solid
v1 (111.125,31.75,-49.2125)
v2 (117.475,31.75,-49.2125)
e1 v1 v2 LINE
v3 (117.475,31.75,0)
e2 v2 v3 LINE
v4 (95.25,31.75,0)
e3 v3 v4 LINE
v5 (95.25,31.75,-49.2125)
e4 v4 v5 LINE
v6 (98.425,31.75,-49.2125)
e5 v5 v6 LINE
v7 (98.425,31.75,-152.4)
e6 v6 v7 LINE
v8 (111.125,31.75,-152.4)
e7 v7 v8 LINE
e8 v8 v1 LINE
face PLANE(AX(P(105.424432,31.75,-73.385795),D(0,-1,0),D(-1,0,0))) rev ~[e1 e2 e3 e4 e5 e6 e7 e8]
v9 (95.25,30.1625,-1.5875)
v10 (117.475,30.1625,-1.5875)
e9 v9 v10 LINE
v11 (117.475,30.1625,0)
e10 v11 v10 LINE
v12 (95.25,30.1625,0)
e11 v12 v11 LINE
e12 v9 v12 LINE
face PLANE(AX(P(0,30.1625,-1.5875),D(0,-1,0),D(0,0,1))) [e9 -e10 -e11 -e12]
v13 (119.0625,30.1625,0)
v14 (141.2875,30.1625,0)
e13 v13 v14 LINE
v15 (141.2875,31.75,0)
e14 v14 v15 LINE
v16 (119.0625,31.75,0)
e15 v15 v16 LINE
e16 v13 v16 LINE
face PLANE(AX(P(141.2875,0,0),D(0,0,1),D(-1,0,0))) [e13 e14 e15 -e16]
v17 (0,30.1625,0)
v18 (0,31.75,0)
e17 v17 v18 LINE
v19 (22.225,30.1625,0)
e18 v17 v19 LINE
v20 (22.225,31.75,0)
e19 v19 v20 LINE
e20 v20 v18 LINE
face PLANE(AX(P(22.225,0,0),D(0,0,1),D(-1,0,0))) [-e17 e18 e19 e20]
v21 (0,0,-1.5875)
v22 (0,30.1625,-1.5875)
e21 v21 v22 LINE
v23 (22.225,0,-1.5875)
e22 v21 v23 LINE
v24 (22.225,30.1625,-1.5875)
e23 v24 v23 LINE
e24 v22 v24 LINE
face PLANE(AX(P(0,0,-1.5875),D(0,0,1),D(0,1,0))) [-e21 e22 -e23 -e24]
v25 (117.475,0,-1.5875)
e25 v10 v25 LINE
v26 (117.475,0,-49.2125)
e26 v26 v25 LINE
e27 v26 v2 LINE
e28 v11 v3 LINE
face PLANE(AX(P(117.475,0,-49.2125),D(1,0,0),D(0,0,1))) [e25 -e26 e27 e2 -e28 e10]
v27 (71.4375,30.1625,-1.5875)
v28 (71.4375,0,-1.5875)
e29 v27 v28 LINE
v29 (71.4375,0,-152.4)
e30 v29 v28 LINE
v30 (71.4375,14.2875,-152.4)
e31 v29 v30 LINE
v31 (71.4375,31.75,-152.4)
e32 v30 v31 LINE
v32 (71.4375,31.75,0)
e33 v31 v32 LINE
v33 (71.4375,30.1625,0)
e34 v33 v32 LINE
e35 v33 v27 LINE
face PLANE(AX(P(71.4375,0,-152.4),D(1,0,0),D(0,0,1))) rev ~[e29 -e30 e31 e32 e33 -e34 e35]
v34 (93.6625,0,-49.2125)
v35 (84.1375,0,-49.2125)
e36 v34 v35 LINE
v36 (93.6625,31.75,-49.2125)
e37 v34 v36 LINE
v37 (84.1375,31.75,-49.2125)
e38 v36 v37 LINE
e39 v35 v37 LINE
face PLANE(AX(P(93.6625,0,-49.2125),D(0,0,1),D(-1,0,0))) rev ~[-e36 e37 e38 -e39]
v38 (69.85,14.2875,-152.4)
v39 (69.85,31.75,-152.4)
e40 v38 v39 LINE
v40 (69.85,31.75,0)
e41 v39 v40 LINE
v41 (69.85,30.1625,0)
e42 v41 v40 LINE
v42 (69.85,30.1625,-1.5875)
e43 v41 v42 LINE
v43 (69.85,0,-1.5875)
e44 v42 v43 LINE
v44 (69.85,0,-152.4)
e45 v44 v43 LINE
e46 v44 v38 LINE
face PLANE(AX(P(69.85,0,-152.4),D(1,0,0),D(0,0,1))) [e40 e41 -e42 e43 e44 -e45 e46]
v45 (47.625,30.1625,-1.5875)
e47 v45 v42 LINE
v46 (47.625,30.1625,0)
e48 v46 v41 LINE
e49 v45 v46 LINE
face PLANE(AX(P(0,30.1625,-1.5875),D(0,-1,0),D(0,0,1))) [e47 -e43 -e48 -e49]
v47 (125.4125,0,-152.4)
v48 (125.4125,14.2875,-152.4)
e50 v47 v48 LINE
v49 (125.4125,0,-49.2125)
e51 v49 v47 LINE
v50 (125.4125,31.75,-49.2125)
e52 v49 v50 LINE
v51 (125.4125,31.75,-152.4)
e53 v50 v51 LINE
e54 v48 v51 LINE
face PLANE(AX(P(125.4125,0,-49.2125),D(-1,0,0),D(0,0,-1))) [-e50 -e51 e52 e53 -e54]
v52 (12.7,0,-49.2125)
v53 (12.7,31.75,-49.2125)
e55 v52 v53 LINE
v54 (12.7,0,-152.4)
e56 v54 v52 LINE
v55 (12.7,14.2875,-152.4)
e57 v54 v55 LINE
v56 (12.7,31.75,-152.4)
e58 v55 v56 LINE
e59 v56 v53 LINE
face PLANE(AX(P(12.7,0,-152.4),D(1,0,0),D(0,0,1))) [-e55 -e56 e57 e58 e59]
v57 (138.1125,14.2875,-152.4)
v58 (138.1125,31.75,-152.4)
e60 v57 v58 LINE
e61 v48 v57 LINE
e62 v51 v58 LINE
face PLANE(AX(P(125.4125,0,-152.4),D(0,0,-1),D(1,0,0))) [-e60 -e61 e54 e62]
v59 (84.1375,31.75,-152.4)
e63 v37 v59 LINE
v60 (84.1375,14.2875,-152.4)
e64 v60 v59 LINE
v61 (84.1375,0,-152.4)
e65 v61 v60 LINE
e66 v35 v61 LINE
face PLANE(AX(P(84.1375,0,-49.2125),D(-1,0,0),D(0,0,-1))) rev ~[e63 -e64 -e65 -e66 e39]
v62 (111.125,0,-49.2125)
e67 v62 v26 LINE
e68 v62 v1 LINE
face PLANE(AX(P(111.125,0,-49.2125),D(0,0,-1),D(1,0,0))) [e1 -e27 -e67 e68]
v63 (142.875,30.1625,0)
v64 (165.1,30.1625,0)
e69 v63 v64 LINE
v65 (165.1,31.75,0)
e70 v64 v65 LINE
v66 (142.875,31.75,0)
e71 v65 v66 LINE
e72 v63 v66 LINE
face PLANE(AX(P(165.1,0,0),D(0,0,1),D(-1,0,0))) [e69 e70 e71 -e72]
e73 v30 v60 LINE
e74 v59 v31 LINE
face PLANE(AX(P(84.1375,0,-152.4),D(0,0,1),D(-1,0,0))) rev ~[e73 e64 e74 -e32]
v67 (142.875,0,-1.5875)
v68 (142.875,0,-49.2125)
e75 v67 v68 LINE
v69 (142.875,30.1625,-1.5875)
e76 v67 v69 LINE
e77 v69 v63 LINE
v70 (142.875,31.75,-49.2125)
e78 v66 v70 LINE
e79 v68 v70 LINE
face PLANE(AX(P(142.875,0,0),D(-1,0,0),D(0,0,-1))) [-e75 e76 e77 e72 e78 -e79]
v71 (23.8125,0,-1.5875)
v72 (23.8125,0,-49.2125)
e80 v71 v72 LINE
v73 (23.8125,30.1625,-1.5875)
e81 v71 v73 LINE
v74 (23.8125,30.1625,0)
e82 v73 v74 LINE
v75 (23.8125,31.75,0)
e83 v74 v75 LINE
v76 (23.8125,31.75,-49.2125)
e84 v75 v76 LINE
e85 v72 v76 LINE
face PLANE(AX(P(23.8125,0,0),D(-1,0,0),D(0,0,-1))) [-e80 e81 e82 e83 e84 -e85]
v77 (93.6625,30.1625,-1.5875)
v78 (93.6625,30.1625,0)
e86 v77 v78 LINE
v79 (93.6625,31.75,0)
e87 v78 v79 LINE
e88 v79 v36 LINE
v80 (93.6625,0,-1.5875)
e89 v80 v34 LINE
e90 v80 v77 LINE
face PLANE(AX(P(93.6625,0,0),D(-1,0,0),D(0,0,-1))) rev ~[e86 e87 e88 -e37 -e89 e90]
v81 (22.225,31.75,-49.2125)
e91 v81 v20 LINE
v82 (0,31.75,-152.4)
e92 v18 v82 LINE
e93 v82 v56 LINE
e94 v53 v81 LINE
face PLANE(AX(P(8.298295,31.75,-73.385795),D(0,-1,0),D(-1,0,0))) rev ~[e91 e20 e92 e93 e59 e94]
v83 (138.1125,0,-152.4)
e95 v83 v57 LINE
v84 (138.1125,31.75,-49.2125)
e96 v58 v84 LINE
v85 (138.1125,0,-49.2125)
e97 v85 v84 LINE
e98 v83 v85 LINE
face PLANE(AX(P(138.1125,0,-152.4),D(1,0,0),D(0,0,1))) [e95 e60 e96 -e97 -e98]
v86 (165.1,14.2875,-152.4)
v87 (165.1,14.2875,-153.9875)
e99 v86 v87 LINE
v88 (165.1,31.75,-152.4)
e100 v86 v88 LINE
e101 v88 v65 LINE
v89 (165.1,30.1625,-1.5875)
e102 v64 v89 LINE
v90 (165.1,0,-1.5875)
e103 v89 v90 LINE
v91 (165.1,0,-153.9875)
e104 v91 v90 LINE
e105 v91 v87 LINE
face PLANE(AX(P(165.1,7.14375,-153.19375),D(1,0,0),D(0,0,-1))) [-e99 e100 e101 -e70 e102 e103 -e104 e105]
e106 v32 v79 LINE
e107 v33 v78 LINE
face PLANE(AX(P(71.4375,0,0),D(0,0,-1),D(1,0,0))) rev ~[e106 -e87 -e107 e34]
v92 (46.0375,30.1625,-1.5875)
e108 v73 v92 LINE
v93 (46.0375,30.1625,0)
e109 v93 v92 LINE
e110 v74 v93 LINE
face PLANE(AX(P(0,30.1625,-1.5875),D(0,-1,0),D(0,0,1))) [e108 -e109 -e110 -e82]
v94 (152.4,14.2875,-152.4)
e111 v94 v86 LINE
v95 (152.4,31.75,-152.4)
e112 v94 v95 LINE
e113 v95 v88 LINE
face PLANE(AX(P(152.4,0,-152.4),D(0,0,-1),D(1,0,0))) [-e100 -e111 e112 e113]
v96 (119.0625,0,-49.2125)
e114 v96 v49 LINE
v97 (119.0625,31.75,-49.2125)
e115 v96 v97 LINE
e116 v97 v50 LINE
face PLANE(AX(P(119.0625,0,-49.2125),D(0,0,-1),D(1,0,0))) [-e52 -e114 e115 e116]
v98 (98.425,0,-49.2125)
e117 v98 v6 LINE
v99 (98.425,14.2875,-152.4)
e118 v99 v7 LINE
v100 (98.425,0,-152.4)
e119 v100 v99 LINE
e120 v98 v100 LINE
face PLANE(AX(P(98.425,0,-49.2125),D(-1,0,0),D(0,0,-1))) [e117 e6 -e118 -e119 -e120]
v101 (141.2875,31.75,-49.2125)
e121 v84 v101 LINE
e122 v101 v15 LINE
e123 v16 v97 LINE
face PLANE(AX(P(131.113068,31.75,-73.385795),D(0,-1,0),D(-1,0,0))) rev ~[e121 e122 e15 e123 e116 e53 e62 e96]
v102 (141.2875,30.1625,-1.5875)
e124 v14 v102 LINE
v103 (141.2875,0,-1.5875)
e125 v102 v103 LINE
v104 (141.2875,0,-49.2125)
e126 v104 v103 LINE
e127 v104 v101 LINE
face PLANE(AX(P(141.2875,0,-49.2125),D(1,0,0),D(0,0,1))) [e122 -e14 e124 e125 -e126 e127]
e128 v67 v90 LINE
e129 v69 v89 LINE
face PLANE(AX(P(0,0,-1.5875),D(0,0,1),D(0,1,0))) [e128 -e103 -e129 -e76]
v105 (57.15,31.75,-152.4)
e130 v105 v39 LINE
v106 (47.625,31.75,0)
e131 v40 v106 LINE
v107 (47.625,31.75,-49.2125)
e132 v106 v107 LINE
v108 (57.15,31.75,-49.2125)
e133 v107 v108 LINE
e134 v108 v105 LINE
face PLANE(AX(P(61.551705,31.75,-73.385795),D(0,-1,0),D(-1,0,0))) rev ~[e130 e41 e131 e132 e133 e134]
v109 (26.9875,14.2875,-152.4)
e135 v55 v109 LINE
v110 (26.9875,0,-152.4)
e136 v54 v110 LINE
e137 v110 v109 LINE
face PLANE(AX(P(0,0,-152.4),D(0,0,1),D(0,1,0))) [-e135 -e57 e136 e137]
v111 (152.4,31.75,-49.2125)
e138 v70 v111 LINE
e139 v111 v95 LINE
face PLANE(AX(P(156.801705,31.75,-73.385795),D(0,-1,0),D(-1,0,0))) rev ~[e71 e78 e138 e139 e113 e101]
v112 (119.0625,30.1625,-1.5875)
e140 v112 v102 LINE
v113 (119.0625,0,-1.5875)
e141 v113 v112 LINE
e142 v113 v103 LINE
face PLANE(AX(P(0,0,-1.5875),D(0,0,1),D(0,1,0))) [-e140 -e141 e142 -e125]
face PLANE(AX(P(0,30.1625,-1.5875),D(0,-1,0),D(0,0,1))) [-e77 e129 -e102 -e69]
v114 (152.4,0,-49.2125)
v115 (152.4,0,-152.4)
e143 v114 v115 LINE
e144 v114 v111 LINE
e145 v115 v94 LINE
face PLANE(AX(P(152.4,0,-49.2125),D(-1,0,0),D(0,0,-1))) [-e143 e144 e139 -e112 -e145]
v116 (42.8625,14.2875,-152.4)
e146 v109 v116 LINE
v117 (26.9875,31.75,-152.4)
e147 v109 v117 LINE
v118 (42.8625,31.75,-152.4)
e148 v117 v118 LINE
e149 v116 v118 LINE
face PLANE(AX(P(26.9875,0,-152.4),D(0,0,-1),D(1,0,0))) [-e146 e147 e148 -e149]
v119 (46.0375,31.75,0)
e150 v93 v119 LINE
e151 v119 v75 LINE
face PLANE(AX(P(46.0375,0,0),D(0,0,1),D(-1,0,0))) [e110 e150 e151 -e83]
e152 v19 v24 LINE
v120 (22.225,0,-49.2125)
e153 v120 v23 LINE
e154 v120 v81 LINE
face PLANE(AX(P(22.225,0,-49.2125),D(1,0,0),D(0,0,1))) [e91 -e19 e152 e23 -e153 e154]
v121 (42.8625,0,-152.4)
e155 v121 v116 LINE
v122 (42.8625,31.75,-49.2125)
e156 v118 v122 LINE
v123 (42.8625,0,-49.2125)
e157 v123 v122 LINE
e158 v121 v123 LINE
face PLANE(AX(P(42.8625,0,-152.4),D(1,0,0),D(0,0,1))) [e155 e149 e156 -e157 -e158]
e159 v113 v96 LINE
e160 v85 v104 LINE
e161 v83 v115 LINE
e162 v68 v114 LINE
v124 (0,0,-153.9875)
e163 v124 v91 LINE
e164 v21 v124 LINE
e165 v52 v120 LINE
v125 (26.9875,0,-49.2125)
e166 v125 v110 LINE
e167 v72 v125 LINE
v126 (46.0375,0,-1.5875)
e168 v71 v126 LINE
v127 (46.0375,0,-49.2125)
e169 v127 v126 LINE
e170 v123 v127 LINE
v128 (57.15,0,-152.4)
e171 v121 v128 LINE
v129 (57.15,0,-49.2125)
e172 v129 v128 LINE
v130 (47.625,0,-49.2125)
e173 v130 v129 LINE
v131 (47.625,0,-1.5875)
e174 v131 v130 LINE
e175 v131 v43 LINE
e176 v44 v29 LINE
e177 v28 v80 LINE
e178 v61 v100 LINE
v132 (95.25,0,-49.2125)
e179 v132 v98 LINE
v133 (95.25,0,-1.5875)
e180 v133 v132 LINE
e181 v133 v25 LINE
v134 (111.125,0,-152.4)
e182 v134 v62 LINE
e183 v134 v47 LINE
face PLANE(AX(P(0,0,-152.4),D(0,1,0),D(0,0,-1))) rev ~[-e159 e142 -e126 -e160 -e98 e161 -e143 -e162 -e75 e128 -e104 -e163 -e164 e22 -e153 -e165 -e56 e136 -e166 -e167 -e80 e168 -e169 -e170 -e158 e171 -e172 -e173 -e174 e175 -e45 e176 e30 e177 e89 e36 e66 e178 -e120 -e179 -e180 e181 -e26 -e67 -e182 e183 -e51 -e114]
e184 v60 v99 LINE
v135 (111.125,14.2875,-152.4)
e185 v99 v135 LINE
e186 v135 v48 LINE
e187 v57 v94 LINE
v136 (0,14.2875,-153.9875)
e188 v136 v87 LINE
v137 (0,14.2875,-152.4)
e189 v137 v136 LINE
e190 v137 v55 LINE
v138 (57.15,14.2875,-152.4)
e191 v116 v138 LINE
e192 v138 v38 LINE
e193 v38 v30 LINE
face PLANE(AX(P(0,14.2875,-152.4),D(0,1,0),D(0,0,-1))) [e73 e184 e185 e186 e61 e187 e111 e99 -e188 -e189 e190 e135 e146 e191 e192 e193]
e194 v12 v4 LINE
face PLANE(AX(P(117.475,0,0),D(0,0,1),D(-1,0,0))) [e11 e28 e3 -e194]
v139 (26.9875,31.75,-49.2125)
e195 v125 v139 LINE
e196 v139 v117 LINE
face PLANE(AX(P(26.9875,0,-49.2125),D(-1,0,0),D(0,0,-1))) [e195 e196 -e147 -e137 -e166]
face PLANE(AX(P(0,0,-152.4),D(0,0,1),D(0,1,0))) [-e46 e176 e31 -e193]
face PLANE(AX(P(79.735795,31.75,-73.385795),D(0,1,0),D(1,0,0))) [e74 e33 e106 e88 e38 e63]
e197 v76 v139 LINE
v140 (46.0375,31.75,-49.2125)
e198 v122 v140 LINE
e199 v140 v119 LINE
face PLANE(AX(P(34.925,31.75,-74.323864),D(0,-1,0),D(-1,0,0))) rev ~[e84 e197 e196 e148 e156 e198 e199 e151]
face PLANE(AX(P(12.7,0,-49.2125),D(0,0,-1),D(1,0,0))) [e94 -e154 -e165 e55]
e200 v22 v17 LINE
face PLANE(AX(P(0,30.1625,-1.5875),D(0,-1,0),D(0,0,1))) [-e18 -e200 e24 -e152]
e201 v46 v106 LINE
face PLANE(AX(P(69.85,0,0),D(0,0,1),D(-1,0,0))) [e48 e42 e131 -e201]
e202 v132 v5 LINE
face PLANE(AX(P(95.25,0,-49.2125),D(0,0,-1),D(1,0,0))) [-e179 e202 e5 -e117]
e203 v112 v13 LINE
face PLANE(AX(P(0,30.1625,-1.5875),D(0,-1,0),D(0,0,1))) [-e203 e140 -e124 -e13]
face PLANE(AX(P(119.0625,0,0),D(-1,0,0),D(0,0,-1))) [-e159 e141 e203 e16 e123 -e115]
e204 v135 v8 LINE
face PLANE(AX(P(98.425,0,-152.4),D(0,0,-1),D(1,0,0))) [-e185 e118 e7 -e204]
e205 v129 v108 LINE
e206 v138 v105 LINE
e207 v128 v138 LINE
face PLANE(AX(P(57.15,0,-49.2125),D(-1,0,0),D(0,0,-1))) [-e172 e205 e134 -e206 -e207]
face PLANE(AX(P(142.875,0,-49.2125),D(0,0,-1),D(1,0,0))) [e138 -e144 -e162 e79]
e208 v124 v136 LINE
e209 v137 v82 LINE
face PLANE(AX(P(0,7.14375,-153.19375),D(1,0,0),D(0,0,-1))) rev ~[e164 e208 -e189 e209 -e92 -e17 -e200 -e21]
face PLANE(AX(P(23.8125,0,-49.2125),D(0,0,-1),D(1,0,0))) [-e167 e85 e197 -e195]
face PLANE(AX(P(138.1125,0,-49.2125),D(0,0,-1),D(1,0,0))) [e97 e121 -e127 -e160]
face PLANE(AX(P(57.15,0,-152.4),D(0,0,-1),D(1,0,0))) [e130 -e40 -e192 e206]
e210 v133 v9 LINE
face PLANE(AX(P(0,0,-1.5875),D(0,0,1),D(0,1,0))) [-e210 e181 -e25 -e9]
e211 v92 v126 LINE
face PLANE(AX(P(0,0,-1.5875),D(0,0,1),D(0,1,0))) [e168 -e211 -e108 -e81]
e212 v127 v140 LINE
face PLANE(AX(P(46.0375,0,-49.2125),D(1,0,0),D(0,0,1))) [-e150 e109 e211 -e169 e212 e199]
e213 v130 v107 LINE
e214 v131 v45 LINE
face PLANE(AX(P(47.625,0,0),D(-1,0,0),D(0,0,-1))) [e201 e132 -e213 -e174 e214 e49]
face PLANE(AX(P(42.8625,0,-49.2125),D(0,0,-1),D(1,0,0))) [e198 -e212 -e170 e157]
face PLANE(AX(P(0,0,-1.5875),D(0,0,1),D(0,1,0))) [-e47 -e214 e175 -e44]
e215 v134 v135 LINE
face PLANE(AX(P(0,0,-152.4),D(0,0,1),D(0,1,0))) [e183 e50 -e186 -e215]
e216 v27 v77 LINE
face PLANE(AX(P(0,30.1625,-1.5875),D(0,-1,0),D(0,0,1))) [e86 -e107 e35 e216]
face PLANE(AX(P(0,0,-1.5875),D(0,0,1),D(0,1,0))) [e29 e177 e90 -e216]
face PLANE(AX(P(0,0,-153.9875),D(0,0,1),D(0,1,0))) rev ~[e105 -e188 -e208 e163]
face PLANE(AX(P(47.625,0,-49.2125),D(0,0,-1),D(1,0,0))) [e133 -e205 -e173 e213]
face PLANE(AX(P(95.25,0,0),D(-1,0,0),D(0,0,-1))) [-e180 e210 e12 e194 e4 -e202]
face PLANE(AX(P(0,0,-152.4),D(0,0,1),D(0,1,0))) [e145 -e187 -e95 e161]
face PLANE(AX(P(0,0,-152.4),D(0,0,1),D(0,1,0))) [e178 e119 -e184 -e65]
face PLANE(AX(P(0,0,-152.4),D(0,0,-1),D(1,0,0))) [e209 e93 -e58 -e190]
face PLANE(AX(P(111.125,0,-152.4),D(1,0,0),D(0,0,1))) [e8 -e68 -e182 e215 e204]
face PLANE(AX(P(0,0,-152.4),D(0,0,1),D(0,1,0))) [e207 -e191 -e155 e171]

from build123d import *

# Parameters (mm, degrees)
BOSS_EXTRUDE1_DEPTH   = 31.75
BOSS_EXTRUDE1_2_DEPTH = 31.75
BOSS_EXTRUDE1_3_DEPTH = 31.75
BOSS_EXTRUDE1_4_DEPTH = 31.75
BOSS_EXTRUDE1_5_DEPTH = 31.75
BOSS_EXTRUDE1_6_DEPTH = 31.75
BOSS_EXTRUDE1_7_DEPTH = 31.75
SKETCH2_W             = 1.5875
SKETCH2_H             = 30.1625
CUT_EXTRUDE1_DEPTH    = 166.1
SKETCH4_W             = 1.5875
SKETCH4_H             = 14.2875
BOSS_EXTRUDE2_DEPTH   = 165.1


with BuildPart() as part:
    # Sketch1 → Boss-Extrude1 (new body)
    with BuildSketch(Plane(origin=(0, 0, 0), x_dir=(1, 0, 0), z_dir=(0, 1, 0))):
        Polygon((0, 0), (0, 152.4), (12.7, 152.4), (12.7, 49.2125), (22.225, 49.2125), (22.225, 0), align=None)
    extrude(amount=BOSS_EXTRUDE1_DEPTH)


with BuildPart() as body_2:
    # Sketch1 → Boss-Extrude1 2 (new body)
    with BuildSketch(Plane(origin=(0, 0, 0), x_dir=(1, 0, 0), z_dir=(0, 1, 0))):
        Polygon((23.8125, 49.2125), (26.9875, 49.2125), (26.9875, 152.4), (42.8625, 152.4), (42.8625, 49.2125), (46.0375, 49.2125), (46.0375, 0), (23.8125, 0), align=None)
    extrude(amount=BOSS_EXTRUDE1_2_DEPTH)


with BuildPart() as body_3:
    # Sketch1 → Boss-Extrude1 3 (new body)
    with BuildSketch(Plane(origin=(0, 0, 0), x_dir=(1, 0, 0), z_dir=(0, 1, 0))):
        Polygon((47.625, 49.2125), (57.15, 49.2125), (57.15, 152.4), (69.85, 152.4), (69.85, 0), (47.625, 0), align=None)
    extrude(amount=BOSS_EXTRUDE1_3_DEPTH)


with BuildPart() as body_4:
    # Sketch1 → Boss-Extrude1 4 (new body)
    with BuildSketch(Plane(origin=(0, 0, 0), x_dir=(1, 0, 0), z_dir=(0, 1, 0))):
        Polygon((71.4375, 152.4), (71.4375, 0), (93.6625, 0), (93.6625, 49.2125), (84.1375, 49.2125), (84.1375, 152.4), align=None)
    extrude(amount=BOSS_EXTRUDE1_4_DEPTH)


with BuildPart() as body_5:
    # Sketch1 → Boss-Extrude1 5 (new body)
    with BuildSketch(Plane(origin=(0, 0, 0), x_dir=(1, 0, 0), z_dir=(0, 1, 0))):
        Polygon((95.25, 0), (95.25, 49.2125), (98.425, 49.2125), (98.425, 152.4), (111.125, 152.4), (111.125, 49.2125), (117.475, 49.2125), (117.475, 0), align=None)
    extrude(amount=BOSS_EXTRUDE1_5_DEPTH)


with BuildPart() as body_6:
    # Sketch1 → Boss-Extrude1 6 (new body)
    with BuildSketch(Plane(origin=(0, 0, 0), x_dir=(1, 0, 0), z_dir=(0, 1, 0))):
        Polygon((119.0625, 49.2125), (125.4125, 49.2125), (125.4125, 152.4), (138.1125, 152.4), (138.1125, 49.2125), (141.2875, 49.2125), (141.2875, 0), (119.0625, 0), align=None)
    extrude(amount=BOSS_EXTRUDE1_6_DEPTH)


with BuildPart() as body_7:
    # Sketch1 → Boss-Extrude1 7 (new body)
    with BuildSketch(Plane(origin=(0, 0, 0), x_dir=(1, 0, 0), z_dir=(0, 1, 0))):
        Polygon((142.875, 49.2125), (152.4, 49.2125), (152.4, 152.4), (165.1, 152.4), (165.1, 0), (142.875, 0), align=None)
    extrude(amount=BOSS_EXTRUDE1_7_DEPTH)


with BuildPart() as cut_extrude1_tool:
    # Sketch2 → Cut-Extrude1 (new body, through all)
    with BuildSketch(Plane.ZY):
        with Locations((-0.79375, 15.08125)):
            Rectangle(SKETCH2_W, SKETCH2_H)
    extrude(amount=-CUT_EXTRUDE1_DEPTH)


with BuildPart() as part_1:
    add(part.part)

    # Cut-Extrude1: cut by cut_extrude1_tool
    add(cut_extrude1_tool.part, mode=Mode.SUBTRACT)



with BuildPart() as body_2_1:
    add(body_2.part)

    # Cut-Extrude1: cut by cut_extrude1_tool
    add(cut_extrude1_tool.part, mode=Mode.SUBTRACT)


with BuildPart() as body_3_1:
    add(body_3.part)

    # Cut-Extrude1: cut by cut_extrude1_tool
    add(cut_extrude1_tool.part, mode=Mode.SUBTRACT)


with BuildPart() as body_4_1:
    add(body_4.part)

    # Cut-Extrude1: cut by cut_extrude1_tool
    add(cut_extrude1_tool.part, mode=Mode.SUBTRACT)


with BuildPart() as body_5_1:
    add(body_5.part)

    # Cut-Extrude1: cut by cut_extrude1_tool
    add(cut_extrude1_tool.part, mode=Mode.SUBTRACT)


with BuildPart() as body_6_1:
    add(body_6.part)

    # Cut-Extrude1: cut by cut_extrude1_tool
    add(cut_extrude1_tool.part, mode=Mode.SUBTRACT)


with BuildPart() as body_7_1:
    add(body_7.part)

    # Cut-Extrude1: cut by cut_extrude1_tool
    add(cut_extrude1_tool.part, mode=Mode.SUBTRACT)


with BuildPart() as part_2:
    add(part_1.part)

    add(body_2_1.part)  # Boss-Extrude2 merges body 2

    add(body_3_1.part)  # Boss-Extrude2 merges body 3

    add(body_4_1.part)  # Boss-Extrude2 merges body 4

    add(body_5_1.part)  # Boss-Extrude2 merges body 5

    add(body_6_1.part)  # Boss-Extrude2 merges body 6

    add(body_7_1.part)  # Boss-Extrude2 merges body 7
    # Sketch4 → Boss-Extrude2 (add, through all)
    with BuildSketch(Plane(origin=(0, 0, 0), x_dir=(0, 0, -1), z_dir=(1, 0, 0))):
        with Locations((153.19375, 7.14375)):
            Rectangle(SKETCH4_W, SKETCH4_H)
    extrude(amount=BOSS_EXTRUDE2_DEPTH)


solid = part_2.part
